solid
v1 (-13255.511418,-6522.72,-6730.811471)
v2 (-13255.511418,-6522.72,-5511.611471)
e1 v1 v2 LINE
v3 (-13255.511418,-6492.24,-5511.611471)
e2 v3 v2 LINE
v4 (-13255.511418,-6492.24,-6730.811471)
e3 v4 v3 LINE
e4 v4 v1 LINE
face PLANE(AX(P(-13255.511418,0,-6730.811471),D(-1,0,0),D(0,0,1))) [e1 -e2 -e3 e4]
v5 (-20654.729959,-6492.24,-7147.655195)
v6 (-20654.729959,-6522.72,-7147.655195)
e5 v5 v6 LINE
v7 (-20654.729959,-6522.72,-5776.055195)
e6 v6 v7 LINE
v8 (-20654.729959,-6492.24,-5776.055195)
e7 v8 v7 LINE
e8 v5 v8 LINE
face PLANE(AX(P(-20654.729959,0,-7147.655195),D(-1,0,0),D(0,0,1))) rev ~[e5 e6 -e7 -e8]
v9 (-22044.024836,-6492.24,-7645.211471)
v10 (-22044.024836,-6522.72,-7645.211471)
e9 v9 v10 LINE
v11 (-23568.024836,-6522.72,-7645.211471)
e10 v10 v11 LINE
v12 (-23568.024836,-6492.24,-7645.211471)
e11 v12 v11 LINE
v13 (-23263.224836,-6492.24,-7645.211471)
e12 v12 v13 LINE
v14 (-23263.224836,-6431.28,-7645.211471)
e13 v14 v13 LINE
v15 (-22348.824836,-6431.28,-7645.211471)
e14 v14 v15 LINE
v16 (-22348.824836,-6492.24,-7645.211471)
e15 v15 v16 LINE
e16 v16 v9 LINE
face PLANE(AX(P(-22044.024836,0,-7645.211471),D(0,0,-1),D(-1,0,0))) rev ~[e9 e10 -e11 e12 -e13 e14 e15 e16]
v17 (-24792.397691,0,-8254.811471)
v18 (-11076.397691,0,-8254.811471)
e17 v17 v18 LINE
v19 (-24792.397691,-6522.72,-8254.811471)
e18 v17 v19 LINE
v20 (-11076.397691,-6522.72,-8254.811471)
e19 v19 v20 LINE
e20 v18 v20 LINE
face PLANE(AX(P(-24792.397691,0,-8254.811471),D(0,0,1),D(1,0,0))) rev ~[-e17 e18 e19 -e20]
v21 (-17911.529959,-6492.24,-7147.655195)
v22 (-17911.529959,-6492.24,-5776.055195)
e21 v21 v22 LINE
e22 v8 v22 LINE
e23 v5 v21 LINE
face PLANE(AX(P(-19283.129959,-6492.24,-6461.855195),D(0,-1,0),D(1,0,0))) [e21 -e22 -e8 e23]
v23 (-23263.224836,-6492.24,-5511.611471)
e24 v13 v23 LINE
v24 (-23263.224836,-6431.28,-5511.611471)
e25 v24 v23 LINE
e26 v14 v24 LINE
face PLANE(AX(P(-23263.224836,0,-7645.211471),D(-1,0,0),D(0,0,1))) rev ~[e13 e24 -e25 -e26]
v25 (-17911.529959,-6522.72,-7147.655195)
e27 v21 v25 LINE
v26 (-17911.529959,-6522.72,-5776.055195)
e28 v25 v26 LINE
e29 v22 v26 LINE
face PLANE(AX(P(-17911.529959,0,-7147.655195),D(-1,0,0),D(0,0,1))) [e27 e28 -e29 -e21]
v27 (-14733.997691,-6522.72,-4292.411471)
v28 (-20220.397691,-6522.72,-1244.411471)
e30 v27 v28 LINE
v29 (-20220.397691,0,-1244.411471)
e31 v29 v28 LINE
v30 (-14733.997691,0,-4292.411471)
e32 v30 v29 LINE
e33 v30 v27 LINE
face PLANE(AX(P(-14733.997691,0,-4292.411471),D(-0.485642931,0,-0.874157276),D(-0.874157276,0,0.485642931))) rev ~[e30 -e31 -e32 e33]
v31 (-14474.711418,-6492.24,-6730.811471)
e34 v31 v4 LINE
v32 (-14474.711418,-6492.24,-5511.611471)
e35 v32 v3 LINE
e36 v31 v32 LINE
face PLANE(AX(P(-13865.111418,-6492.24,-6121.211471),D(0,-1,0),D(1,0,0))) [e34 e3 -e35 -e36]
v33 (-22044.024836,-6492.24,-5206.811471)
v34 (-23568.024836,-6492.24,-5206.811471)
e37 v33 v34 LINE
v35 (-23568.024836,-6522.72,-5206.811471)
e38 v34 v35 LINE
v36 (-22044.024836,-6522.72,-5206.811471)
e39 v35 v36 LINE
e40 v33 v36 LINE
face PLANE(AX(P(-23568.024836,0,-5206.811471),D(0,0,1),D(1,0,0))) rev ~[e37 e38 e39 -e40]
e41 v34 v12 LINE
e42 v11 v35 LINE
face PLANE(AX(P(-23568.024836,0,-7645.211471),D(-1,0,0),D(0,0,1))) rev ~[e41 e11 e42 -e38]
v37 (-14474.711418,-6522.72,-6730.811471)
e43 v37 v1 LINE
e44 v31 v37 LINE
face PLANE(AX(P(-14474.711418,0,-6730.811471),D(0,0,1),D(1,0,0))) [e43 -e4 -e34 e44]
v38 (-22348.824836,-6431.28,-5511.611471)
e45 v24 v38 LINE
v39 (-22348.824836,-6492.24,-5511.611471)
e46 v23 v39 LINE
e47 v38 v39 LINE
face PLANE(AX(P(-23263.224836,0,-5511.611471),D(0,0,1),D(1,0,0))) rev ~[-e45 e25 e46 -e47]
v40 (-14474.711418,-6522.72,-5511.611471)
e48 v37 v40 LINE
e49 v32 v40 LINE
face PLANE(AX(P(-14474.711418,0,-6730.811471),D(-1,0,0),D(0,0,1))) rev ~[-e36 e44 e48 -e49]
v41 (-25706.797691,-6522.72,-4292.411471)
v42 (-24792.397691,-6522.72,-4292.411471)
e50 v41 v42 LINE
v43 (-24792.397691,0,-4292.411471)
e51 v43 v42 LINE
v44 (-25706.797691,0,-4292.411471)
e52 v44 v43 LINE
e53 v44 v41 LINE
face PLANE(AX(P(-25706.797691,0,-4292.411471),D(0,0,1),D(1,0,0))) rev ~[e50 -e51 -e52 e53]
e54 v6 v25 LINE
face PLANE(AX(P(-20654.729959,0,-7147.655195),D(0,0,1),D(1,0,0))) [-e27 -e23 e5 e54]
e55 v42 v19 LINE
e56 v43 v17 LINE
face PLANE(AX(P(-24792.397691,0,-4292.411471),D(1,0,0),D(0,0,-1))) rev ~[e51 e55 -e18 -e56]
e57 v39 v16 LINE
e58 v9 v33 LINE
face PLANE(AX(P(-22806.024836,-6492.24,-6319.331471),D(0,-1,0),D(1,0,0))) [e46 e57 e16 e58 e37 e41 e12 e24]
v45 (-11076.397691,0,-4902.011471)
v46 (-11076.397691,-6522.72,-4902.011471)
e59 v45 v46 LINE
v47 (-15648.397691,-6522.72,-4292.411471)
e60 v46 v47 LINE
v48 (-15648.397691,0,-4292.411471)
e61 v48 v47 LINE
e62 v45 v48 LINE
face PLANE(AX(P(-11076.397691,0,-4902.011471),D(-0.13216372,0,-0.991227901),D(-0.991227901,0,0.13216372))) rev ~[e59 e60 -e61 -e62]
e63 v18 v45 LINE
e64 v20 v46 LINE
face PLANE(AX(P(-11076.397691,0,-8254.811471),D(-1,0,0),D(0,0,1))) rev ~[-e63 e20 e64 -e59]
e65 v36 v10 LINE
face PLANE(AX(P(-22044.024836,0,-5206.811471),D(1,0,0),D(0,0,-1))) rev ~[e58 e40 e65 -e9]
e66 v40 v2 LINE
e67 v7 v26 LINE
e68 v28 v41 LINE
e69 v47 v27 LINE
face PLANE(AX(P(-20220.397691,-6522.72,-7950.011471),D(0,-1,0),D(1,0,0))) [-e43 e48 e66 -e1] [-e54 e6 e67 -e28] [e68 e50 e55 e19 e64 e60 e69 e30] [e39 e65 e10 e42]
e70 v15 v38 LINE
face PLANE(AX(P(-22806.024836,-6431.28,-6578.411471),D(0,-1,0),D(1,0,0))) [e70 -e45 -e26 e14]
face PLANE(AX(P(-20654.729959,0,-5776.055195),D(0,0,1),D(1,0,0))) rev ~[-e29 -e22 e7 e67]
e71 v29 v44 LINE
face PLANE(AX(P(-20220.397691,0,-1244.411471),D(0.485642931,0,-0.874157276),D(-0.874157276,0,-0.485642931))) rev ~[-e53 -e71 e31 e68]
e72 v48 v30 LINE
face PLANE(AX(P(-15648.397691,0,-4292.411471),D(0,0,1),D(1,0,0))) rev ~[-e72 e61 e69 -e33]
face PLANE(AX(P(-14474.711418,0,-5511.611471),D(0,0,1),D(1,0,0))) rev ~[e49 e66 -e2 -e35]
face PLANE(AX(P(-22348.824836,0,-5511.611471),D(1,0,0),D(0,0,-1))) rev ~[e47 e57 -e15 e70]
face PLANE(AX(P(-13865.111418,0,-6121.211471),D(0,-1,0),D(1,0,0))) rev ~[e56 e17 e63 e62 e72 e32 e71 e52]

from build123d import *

# Parameters (mm, degrees)
F0_W     = 4572
F0_H     = 609.6
F0_W_2   = 2743.2
F0_H_2   = 1371.6
F0_W_3   = 1219.2
F0_H_3   = 1219.2
F1_DEPTH = 6522.72
F0_W_4   = 914.4
F0_H_4   = 2133.6
F2_DEPTH = 6431.28
F3_DEPTH = 6492.24
F4_DEPTH = 6492.24
F5_DEPTH = 6492.24


with BuildPart() as f1:
    # F0 (on Front) → F1 (new body)
    with BuildSketch(Plane.XZ):
        Polygon((-24792.3976912726, -7645.2114713722), (-24792.3976912726, -8254.8114713722), (-15648.3976912726, -8254.8114713722), (-15648.3976912726, -7645.2114713722), (-22044.0248364636, -7645.2114713722), (-22348.8248364636, -7645.2114713722), (-23263.2248364636, -7645.2114713722), (-23568.0248364636, -7645.2114713722), align=None)
        with Locations((-13362.3976912726, -7950.0114713722)):
            Rectangle(F0_W, F0_H)
        Polygon((-24792.3976912726, -4292.4114713722), (-24792.3976912726, -7645.2114713722), (-23568.0248364636, -7645.2114713722), (-23568.0248364636, -5206.8114713722), (-23263.2248364636, -5206.8114713722), (-22044.0248364636, -5206.8114713722), (-22044.0248364636, -5511.6114713722), (-22044.0248364636, -7645.2114713722), (-15648.3976912726, -7645.2114713722), (-15648.3976912726, -4902.0114713722), (-15648.3976912726, -4292.4114713722), (-20220.3976912726, -4292.4114713722), align=None)
        with Locations((-19283.1299586484, -6461.8551946693)):
            Rectangle(F0_W_2, F0_H_2, mode=Mode.SUBTRACT)
        Polygon((-15648.3976912726, -4902.0114713722), (-15648.3976912726, -7645.2114713722), (-11076.3976912726, -7645.2114713722), (-11076.3976912726, -5601.1905130439), align=None)
        with Locations((-13865.1114181519, -6121.2114713722)):
            Rectangle(F0_W_3, F0_H_3, mode=Mode.SUBTRACT)
        Polygon((-20220.3976912726, -2006.4114713722), (-24792.3976912726, -4292.4114713722), (-20220.3976912726, -4292.4114713722), align=None)
        Polygon((-25706.7976912726, -4292.4114713722), (-24792.3976912726, -4292.4114713722), (-20220.3976912726, -2006.4114713722), (-20220.3976912726, -1244.4114713722), align=None)
        Polygon((-15648.3976912726, -4292.4114713722), (-15648.3976912726, -4902.0114713722), (-11076.3976912726, -5601.1905130439), (-11076.3976912726, -4902.0114713722), align=None)
        Polygon((-20220.3976912726, -2006.4114713722), (-20220.3976912726, -4292.4114713722), (-15648.3976912726, -4292.4114713722), align=None)
        Polygon((-20220.3976912726, -1244.4114713722), (-20220.3976912726, -2006.4114713722), (-15648.3976912726, -4292.4114713722), (-14733.9976912726, -4292.4114713722), align=None)
    extrude(amount=F1_DEPTH)

    # F0 (on Front) → F2 (join)
    with BuildSketch(Plane.XZ):
        with Locations((-22806.0248364636, -6578.4114713722)):
            Rectangle(F0_W_4, F0_H_4)
    extrude(amount=F2_DEPTH)

    # F0 (on Front) → F3 (join)
    with BuildSketch(Plane.XZ):
        Polygon((-23568.0248364636, -5206.8114713722), (-23568.0248364636, -7645.2114713722), (-23263.2248364636, -7645.2114713722), (-23263.2248364636, -5511.6114713722), (-22348.8248364636, -5511.6114713722), (-22348.8248364636, -7645.2114713722), (-22044.0248364636, -7645.2114713722), (-22044.0248364636, -5511.6114713722), (-22044.0248364636, -5206.8114713722), (-23263.2248364636, -5206.8114713722), align=None)
    extrude(amount=F3_DEPTH)

    # F0 (on Front) → F4 (join)
    with BuildSketch(Plane.XZ):
        with Locations((-19283.1299586484, -6461.8551946693)):
            Rectangle(F0_W_2, F0_H_2)
    extrude(amount=F4_DEPTH)

    # F0 (on Front) → F5 (join)
    with BuildSketch(Plane.XZ):
        with Locations((-13865.1114181519, -6121.2114713722)):
            Rectangle(F0_W_3, F0_H_3)
    extrude(amount=F5_DEPTH)


solid = f1.part
